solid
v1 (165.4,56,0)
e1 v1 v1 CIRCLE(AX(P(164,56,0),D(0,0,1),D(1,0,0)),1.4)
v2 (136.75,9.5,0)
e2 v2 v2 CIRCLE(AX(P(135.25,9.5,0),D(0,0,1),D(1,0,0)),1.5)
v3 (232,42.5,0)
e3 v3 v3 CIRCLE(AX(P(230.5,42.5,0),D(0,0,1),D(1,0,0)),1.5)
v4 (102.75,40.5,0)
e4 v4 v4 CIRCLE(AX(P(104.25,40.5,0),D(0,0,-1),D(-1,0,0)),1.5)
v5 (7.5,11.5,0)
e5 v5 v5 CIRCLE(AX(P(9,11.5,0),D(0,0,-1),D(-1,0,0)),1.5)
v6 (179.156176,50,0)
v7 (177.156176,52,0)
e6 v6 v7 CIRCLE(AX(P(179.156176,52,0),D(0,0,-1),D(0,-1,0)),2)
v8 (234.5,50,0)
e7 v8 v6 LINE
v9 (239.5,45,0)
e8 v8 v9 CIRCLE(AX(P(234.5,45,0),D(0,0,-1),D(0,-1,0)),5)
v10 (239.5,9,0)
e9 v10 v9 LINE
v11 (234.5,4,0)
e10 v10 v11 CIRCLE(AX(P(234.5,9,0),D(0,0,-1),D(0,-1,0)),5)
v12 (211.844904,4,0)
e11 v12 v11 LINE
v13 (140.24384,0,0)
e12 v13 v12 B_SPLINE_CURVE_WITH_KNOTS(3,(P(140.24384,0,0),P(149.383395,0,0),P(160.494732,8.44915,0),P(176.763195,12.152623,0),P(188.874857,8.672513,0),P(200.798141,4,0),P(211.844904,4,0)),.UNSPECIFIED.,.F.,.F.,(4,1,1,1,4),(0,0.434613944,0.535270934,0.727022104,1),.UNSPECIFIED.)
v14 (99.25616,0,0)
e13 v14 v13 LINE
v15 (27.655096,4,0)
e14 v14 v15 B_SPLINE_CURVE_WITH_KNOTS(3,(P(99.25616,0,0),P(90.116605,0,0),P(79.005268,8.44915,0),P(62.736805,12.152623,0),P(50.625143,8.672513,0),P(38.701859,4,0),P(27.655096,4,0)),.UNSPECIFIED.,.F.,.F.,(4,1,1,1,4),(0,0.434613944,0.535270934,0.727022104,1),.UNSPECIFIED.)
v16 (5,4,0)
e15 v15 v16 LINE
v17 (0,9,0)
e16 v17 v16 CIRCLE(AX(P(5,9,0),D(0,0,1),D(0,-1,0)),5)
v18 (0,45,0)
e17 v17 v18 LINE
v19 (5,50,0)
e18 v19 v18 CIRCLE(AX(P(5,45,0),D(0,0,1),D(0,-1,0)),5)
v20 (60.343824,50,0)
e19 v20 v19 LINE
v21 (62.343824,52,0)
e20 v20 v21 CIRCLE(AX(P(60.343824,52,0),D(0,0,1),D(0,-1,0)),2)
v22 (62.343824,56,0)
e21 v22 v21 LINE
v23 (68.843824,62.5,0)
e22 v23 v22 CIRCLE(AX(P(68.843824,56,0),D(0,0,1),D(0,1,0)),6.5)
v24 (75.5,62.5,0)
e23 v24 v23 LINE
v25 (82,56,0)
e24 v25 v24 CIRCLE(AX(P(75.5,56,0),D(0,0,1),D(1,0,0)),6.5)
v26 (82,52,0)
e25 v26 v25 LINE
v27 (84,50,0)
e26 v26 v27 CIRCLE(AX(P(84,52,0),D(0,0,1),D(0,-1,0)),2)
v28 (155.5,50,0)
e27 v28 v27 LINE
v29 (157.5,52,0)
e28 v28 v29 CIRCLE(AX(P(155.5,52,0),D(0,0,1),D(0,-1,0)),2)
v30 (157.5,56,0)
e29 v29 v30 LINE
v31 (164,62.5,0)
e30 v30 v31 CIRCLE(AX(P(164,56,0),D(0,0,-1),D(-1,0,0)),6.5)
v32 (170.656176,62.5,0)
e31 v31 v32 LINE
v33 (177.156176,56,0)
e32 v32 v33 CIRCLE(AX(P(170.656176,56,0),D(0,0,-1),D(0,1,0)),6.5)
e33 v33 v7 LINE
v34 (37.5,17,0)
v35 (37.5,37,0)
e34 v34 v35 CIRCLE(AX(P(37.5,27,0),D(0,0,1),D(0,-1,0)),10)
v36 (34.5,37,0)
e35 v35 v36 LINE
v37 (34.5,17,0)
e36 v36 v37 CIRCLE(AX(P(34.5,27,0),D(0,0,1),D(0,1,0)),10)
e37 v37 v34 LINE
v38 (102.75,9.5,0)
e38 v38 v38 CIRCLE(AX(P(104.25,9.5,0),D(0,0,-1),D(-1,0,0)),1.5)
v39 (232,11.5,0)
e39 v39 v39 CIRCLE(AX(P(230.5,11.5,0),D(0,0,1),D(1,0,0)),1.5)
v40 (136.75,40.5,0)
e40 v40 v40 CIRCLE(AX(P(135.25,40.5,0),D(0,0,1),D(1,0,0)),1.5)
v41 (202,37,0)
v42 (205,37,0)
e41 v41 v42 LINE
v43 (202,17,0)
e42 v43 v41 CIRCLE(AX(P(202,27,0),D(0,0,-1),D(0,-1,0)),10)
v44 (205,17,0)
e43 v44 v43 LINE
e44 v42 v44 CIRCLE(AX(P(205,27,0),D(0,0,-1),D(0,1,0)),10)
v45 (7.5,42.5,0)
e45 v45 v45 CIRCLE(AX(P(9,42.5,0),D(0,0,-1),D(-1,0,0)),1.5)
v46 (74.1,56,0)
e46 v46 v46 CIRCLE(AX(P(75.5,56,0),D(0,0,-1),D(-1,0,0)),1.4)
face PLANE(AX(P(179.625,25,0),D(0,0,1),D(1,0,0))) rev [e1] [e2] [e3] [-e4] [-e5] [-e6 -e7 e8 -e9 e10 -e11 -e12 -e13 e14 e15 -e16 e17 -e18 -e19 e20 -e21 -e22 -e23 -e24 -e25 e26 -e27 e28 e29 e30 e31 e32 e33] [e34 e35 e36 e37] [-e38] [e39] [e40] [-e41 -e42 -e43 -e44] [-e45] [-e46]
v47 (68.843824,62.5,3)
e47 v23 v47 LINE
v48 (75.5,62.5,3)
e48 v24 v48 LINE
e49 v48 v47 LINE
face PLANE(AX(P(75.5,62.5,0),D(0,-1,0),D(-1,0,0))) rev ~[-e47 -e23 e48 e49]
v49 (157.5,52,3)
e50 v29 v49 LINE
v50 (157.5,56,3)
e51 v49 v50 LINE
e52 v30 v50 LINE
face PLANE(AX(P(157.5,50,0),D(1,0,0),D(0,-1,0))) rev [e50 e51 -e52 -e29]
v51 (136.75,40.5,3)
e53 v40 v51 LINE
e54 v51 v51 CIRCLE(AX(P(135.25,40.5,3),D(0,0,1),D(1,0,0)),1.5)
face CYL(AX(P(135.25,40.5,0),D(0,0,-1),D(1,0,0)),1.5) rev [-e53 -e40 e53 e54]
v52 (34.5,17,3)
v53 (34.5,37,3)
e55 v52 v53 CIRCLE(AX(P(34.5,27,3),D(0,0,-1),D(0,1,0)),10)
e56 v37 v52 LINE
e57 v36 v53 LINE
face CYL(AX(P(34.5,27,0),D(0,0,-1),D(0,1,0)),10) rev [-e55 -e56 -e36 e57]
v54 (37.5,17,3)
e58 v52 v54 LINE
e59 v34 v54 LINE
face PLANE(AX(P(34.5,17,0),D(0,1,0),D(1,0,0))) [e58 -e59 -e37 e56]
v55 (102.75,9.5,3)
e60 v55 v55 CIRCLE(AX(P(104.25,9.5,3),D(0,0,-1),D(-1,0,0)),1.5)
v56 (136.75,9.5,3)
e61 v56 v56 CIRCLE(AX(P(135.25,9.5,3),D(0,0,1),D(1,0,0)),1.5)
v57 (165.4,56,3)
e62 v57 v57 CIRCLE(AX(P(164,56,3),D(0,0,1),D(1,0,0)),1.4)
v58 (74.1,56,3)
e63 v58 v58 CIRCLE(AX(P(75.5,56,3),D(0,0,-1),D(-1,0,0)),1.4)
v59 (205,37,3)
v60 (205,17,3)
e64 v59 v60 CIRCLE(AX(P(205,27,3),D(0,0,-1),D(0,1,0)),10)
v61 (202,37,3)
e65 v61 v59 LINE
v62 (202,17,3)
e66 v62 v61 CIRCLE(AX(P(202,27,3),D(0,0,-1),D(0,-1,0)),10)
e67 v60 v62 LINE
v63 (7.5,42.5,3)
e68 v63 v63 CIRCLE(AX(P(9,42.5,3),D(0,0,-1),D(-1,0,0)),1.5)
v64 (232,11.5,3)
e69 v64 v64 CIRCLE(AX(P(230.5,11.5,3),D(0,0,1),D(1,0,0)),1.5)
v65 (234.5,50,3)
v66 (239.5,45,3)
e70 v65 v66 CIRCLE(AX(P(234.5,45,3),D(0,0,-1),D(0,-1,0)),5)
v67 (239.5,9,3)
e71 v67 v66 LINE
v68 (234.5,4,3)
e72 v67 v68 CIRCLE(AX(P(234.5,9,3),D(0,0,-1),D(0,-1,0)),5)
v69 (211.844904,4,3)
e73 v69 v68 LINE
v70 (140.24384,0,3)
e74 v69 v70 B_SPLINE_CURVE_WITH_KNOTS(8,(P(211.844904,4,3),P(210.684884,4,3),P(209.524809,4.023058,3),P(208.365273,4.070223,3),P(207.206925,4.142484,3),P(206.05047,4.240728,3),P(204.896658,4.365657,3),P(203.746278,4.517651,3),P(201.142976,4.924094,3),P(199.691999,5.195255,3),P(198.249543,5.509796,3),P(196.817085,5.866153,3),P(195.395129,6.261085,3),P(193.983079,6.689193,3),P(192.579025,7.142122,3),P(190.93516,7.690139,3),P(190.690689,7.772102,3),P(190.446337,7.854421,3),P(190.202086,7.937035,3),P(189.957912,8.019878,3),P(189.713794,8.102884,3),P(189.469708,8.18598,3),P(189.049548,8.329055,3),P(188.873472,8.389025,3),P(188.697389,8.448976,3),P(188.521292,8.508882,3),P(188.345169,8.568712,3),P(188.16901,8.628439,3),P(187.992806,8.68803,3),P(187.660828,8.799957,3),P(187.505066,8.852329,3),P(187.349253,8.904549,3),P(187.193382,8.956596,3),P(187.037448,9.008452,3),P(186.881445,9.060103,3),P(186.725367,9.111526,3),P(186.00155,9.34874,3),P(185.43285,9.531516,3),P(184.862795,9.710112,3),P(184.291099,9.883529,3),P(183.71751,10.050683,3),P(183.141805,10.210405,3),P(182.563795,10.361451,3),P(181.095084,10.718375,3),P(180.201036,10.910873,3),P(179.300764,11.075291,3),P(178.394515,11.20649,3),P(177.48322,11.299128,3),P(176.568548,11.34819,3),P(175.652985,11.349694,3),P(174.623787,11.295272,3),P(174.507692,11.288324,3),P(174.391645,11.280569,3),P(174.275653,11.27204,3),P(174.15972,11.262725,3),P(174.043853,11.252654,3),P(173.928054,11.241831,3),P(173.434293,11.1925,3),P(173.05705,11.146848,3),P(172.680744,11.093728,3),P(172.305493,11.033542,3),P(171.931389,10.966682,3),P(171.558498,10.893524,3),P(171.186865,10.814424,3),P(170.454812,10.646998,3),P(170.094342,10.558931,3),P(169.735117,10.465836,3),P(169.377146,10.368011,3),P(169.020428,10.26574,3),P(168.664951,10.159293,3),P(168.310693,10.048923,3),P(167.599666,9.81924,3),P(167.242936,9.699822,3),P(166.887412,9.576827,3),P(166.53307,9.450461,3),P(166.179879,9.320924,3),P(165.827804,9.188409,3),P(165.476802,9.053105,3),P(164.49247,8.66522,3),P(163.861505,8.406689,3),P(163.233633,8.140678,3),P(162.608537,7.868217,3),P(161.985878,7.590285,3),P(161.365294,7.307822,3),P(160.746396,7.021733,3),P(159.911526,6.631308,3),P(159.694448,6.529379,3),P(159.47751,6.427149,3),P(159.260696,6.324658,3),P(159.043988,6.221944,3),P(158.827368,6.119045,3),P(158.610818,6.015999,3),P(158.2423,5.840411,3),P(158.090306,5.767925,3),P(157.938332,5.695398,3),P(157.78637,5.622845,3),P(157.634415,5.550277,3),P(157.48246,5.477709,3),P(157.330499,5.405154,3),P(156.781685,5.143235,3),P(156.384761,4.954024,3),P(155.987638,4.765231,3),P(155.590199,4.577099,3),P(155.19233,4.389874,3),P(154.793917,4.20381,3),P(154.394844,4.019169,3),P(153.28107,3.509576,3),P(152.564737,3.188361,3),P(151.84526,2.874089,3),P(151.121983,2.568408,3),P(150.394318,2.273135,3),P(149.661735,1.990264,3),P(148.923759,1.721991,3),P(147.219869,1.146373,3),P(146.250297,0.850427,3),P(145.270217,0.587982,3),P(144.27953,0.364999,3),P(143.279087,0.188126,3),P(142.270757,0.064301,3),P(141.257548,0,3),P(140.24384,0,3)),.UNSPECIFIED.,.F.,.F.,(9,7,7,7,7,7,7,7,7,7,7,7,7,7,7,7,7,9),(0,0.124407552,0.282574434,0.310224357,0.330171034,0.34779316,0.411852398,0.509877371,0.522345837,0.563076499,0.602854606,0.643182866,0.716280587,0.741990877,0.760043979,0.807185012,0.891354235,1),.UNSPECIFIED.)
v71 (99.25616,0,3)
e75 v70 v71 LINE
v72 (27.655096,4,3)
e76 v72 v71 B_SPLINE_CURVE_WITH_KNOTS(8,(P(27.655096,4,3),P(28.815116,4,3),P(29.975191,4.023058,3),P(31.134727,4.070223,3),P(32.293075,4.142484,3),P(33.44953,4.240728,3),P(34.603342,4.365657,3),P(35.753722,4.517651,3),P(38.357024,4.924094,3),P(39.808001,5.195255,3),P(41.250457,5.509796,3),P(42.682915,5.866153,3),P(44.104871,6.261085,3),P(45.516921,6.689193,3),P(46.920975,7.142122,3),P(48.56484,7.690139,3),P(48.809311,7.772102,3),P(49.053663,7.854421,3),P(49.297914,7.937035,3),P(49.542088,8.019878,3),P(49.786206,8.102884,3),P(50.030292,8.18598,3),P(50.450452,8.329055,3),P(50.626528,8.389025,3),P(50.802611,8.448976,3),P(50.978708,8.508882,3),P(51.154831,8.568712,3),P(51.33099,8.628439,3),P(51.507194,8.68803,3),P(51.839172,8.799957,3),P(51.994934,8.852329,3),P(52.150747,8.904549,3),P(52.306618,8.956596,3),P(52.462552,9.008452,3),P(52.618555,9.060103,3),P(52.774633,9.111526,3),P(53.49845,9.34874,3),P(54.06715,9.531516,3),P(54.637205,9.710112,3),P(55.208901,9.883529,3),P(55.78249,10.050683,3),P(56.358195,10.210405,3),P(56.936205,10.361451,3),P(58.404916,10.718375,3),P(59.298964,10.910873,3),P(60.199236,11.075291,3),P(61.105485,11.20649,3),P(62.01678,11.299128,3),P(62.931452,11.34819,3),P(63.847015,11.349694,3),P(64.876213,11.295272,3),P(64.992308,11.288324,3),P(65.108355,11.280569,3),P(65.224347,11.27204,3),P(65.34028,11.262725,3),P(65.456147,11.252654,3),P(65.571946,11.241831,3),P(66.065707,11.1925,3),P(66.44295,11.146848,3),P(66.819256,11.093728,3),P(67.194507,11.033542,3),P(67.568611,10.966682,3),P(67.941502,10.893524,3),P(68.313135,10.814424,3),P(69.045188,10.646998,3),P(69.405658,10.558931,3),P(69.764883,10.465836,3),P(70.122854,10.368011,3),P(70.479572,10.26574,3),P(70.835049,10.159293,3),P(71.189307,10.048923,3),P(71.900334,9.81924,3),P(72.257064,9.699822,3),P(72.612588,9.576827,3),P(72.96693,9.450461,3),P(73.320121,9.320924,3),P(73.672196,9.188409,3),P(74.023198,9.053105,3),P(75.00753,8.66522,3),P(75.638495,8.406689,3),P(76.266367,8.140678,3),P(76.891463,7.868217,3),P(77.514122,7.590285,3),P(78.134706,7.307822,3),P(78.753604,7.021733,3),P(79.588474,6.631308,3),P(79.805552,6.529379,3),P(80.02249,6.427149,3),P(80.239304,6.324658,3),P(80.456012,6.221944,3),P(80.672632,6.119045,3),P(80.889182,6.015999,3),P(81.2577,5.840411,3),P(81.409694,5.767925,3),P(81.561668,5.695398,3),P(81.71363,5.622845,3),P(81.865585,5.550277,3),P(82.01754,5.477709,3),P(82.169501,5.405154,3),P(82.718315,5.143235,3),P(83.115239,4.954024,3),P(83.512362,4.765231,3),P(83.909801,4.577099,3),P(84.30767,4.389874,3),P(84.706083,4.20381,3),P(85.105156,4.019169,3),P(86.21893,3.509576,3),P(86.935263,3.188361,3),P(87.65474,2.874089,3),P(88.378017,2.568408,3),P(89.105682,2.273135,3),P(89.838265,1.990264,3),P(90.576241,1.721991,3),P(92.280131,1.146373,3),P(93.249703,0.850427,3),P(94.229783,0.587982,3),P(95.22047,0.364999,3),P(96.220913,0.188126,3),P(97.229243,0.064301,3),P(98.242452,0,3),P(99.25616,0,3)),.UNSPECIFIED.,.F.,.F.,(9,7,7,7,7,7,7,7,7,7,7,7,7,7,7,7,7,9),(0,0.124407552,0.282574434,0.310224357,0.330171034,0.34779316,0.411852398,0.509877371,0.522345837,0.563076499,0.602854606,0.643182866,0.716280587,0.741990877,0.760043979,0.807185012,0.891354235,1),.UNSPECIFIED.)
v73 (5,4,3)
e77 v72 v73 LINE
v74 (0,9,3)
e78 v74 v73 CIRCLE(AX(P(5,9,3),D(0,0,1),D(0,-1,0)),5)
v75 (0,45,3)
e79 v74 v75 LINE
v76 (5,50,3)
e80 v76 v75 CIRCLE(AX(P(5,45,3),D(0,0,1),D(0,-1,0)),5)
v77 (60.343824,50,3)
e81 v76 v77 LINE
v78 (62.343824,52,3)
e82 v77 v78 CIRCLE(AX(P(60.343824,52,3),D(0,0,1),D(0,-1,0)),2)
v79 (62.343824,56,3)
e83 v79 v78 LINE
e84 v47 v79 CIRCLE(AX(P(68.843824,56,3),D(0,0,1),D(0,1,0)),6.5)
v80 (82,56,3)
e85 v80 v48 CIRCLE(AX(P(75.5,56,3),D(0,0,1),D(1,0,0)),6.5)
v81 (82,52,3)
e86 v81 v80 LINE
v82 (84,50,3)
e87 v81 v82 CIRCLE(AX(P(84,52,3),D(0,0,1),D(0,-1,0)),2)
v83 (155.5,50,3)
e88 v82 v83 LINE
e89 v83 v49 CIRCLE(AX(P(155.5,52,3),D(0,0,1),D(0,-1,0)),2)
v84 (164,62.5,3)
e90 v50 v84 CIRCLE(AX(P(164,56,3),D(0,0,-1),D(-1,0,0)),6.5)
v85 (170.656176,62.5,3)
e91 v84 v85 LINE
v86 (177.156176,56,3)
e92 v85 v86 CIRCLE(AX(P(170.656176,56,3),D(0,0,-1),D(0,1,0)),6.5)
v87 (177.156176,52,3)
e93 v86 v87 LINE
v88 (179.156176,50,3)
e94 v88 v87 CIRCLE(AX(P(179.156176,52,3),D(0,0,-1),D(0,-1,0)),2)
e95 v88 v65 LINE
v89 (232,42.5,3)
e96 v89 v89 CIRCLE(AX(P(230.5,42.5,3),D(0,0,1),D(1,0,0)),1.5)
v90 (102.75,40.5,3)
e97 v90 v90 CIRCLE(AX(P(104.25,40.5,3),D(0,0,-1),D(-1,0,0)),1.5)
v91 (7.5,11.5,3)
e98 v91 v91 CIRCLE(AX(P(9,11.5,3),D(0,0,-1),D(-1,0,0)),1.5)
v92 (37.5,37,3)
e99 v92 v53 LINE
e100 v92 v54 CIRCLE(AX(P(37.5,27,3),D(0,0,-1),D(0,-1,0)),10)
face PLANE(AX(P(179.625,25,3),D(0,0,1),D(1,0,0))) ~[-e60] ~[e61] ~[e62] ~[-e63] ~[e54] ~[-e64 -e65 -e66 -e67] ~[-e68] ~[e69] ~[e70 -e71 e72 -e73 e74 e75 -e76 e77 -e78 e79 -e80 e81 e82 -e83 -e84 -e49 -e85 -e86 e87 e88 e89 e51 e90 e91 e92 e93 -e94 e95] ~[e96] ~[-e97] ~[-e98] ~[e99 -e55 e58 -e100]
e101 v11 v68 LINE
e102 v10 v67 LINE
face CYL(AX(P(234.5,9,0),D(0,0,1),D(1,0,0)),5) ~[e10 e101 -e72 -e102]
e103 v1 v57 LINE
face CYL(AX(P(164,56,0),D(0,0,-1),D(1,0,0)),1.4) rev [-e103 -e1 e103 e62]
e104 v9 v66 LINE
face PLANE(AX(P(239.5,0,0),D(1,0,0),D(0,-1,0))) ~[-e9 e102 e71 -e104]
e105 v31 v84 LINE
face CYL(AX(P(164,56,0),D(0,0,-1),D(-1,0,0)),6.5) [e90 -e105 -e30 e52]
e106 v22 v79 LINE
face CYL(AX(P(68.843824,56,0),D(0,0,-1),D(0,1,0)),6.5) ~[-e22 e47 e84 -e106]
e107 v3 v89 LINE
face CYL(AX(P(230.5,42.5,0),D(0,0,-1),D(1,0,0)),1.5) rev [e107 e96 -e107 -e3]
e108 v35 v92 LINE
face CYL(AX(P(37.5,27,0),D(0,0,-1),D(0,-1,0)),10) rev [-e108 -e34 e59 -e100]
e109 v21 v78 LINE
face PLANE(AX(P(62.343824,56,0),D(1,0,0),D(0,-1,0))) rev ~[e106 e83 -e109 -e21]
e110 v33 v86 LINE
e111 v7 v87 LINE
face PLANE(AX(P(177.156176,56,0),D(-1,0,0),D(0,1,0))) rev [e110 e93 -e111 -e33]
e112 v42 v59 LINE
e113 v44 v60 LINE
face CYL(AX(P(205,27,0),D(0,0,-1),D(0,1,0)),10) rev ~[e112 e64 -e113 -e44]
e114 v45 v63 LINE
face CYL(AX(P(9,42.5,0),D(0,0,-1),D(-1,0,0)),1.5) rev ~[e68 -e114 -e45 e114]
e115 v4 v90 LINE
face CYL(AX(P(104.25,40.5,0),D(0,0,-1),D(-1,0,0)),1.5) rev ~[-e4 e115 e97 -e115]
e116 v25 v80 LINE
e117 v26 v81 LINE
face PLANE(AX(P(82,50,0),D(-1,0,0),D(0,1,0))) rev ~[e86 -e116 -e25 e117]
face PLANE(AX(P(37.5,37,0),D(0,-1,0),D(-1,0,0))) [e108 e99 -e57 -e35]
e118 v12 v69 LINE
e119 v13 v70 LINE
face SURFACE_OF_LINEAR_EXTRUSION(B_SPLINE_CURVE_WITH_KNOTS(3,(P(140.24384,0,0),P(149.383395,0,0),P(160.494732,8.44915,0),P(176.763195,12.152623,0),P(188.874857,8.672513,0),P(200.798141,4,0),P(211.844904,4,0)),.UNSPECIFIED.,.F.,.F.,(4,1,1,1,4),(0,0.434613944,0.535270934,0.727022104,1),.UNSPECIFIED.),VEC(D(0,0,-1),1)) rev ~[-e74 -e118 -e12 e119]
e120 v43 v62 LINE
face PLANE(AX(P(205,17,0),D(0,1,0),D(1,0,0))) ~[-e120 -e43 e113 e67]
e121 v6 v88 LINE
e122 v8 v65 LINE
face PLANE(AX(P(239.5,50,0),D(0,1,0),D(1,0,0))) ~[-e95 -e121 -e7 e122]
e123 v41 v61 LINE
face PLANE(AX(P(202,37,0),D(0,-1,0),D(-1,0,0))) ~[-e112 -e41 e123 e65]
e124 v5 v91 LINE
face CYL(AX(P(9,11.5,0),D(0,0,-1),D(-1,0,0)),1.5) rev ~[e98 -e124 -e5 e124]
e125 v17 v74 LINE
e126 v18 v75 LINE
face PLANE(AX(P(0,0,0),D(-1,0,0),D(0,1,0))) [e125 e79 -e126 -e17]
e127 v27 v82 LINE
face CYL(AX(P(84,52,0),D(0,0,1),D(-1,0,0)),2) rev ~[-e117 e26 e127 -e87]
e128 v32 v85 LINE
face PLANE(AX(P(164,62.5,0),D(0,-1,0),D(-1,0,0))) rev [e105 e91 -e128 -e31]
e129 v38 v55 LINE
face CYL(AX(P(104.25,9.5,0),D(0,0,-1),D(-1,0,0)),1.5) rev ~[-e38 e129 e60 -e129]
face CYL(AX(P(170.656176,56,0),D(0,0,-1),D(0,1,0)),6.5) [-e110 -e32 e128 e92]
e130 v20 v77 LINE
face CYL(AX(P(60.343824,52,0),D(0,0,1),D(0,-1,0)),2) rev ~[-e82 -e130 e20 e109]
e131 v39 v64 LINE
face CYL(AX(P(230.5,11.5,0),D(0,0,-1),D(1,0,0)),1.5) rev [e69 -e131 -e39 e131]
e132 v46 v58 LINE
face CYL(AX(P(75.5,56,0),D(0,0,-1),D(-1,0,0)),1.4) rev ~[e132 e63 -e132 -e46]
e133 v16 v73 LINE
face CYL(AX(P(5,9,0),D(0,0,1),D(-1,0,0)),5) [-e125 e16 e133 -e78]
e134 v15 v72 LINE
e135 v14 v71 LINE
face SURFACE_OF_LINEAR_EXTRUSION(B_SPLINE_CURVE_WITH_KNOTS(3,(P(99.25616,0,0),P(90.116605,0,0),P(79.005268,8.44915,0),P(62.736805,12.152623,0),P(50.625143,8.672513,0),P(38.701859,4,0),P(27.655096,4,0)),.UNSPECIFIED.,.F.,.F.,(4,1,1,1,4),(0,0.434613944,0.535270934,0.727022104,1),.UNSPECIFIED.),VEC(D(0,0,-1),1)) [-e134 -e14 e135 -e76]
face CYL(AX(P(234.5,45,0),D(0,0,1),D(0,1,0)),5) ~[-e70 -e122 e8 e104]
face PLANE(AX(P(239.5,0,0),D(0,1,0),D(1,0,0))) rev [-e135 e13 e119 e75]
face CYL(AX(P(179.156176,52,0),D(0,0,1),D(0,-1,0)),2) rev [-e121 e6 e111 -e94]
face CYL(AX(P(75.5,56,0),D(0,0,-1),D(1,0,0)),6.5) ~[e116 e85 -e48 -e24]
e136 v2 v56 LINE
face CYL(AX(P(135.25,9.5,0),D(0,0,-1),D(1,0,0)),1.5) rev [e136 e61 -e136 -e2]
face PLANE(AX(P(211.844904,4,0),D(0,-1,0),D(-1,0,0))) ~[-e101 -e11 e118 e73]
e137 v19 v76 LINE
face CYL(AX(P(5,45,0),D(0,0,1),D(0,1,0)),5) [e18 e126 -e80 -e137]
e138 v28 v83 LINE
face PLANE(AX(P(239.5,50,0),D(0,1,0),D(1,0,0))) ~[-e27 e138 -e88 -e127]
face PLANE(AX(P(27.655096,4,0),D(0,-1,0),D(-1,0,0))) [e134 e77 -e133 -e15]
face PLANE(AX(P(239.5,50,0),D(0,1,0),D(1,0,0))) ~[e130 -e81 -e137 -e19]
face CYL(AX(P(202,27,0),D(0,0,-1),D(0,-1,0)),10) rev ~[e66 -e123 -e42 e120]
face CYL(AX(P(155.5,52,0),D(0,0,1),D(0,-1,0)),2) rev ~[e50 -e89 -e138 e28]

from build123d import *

# Parameters (mm, degrees)
SKETCH1_W           = 119.75
SKETCH1_H           = 50
BOSS_EXTRUDE1_DEPTH = 3
SKETCH2_R           = 1.5
CUT_EXTRUDE1_DEPTH  = 3
SKETCH3_R           = 1.4
BOSS_EXTRUDE2_DEPTH = 3
FILLET1_R           = 2
CUT_EXTRUDE2_DEPTH  = 10
FILLET2_R           = 5
CUT_EXTRUDE3_DEPTH  = 10


with BuildPart() as part:
    # Sketch1 → Boss-Extrude1 (new body)
    with BuildSketch(Plane.XY):
        with Locations((59.875, 25)):
            Rectangle(SKETCH1_W, SKETCH1_H)
    extrude(amount=BOSS_EXTRUDE1_DEPTH)

    # Sketch2 → Cut-Extrude1 (cut)
    with BuildSketch(Plane(origin=(0, 0, 0), x_dir=(-1, 0, 0), z_dir=(0, 0, -1))):
        with Locations((-104.25, 40.5)):
            Circle(SKETCH2_R)
        with Locations((-104.25, 9.5)):
            Circle(SKETCH2_R)
        with Locations((-9, 42.5)):
            Circle(SKETCH2_R)
        with Locations((-9, 11.5)):
            Circle(SKETCH2_R)
    extrude(amount=-CUT_EXTRUDE1_DEPTH, mode=Mode.SUBTRACT)

    # Mirror1: part across plane


with BuildPart() as part_1:
    add(part.part)
    add(part.part.mirror(Plane(origin=(119.75, 0, 3), x_dir=(0, 0, 1), z_dir=(-1, 0, 0))))

    # Sketch3 → Boss-Extrude2 (add)
    with BuildSketch(Plane(origin=(0, 0, 0), x_dir=(-1, 0, 0), z_dir=(0, 0, -1))):
        with BuildLine():
            Line((-82, 50), (-82, 56))
            ThreePointArc((-82, 56), (-80.096194078, 60.596194078), (-75.5, 62.5))
            Line((-75.5, 62.5), (-68.843823796, 62.5))
            ThreePointArc((-68.843823796, 62.5), (-64.247629718, 60.596194078), (-62.343823796, 56))
            Line((-62.343823796, 56), (-62.343823796, 50))
            Line((-62.343823796, 50), (-82, 50))
        make_face()
        with Locations((-75.5, 56)):
            Circle(SKETCH3_R, mode=Mode.SUBTRACT)
    boss_extrude2 = extrude(amount=-BOSS_EXTRUDE2_DEPTH)

    # Mirror2: Boss-Extrude2 across plane
    add(boss_extrude2.mirror(Plane(origin=(119.75, 0, 0), x_dir=(0, 0, 1), z_dir=(1, 0, 0))))

    # Fillet1
    fillet1_edges = [part_1.edges().sort_by_distance(p)[0] for p in [
        (177.156176204, 50, 1.5),
        (157.5, 50, 1.5),
        (62.343823796, 50, 1.5),
        (82, 50, 1.5),
    ]]
    fillet(fillet1_edges, radius=FILLET1_R)

    # Sketch4 → Cut-Extrude2 (cut)
    with BuildSketch(Plane(origin=(0, 0, 0), x_dir=(-1, 0, 0), z_dir=(0, 0, -1))):
        with BuildLine():
            Line((-27.655095692, 4), (0, 4))
            Line((0, 4), (0, 0))
            Line((0, 0), (-99.256160352, 0))
            add(Edge.make_bspline(
                [(-99.256160352, 0), (-90.116604623, 0), (-79.005268065, 8.449150394), (-62.736804921, 12.15262313), (-50.625142782, 8.672513345), (-38.701859446, 4), (-27.655095692, 4)],
                knots=[0, 0, 0, 0, 0.434613944, 0.535270934, 0.727022104, 1, 1, 1, 1], degree=3))
        make_face()
    cut_extrude2 = extrude(amount=-CUT_EXTRUDE2_DEPTH, mode=Mode.SUBTRACT)

    # Mirror3: Cut-Extrude2 across plane
    add(cut_extrude2.mirror(Plane(origin=(119.75, 0, 0), x_dir=(0, 0, 1), z_dir=(1, 0, 0))), mode=Mode.SUBTRACT)

    # Fillet2
    fillet2_edges = [part_1.edges().sort_by_distance(p)[0] for p in [
        (239.5, 4, 1.5),
        (239.5, 50, 1.5),
        (0, 4, 1.5),
        (0, 50, 1.5),
    ]]
    fillet(fillet2_edges, radius=FILLET2_R)

    # Sketch5 → Cut-Extrude3 (cut)
    with BuildSketch(Plane(origin=(0, 0, 0), x_dir=(-1, 0, 0), z_dir=(0, 0, -1))):
        with BuildLine():
            Line((-34.5, 17), (-37.5, 17))
            ThreePointArc((-37.5, 17), (-47.5, 27), (-37.5, 37))
            Line((-37.5, 37), (-34.5, 37))
            ThreePointArc((-34.5, 37), (-24.5, 27), (-34.5, 17))
        make_face()
    cut_extrude3 = extrude(amount=-CUT_EXTRUDE3_DEPTH, mode=Mode.SUBTRACT)

    # Mirror4: Cut-Extrude3 across plane
    add(cut_extrude3.mirror(Plane(origin=(119.75, 0, 0), x_dir=(0, 0, 1), z_dir=(1, 0, 0))), mode=Mode.SUBTRACT)


solid = part_1.part
